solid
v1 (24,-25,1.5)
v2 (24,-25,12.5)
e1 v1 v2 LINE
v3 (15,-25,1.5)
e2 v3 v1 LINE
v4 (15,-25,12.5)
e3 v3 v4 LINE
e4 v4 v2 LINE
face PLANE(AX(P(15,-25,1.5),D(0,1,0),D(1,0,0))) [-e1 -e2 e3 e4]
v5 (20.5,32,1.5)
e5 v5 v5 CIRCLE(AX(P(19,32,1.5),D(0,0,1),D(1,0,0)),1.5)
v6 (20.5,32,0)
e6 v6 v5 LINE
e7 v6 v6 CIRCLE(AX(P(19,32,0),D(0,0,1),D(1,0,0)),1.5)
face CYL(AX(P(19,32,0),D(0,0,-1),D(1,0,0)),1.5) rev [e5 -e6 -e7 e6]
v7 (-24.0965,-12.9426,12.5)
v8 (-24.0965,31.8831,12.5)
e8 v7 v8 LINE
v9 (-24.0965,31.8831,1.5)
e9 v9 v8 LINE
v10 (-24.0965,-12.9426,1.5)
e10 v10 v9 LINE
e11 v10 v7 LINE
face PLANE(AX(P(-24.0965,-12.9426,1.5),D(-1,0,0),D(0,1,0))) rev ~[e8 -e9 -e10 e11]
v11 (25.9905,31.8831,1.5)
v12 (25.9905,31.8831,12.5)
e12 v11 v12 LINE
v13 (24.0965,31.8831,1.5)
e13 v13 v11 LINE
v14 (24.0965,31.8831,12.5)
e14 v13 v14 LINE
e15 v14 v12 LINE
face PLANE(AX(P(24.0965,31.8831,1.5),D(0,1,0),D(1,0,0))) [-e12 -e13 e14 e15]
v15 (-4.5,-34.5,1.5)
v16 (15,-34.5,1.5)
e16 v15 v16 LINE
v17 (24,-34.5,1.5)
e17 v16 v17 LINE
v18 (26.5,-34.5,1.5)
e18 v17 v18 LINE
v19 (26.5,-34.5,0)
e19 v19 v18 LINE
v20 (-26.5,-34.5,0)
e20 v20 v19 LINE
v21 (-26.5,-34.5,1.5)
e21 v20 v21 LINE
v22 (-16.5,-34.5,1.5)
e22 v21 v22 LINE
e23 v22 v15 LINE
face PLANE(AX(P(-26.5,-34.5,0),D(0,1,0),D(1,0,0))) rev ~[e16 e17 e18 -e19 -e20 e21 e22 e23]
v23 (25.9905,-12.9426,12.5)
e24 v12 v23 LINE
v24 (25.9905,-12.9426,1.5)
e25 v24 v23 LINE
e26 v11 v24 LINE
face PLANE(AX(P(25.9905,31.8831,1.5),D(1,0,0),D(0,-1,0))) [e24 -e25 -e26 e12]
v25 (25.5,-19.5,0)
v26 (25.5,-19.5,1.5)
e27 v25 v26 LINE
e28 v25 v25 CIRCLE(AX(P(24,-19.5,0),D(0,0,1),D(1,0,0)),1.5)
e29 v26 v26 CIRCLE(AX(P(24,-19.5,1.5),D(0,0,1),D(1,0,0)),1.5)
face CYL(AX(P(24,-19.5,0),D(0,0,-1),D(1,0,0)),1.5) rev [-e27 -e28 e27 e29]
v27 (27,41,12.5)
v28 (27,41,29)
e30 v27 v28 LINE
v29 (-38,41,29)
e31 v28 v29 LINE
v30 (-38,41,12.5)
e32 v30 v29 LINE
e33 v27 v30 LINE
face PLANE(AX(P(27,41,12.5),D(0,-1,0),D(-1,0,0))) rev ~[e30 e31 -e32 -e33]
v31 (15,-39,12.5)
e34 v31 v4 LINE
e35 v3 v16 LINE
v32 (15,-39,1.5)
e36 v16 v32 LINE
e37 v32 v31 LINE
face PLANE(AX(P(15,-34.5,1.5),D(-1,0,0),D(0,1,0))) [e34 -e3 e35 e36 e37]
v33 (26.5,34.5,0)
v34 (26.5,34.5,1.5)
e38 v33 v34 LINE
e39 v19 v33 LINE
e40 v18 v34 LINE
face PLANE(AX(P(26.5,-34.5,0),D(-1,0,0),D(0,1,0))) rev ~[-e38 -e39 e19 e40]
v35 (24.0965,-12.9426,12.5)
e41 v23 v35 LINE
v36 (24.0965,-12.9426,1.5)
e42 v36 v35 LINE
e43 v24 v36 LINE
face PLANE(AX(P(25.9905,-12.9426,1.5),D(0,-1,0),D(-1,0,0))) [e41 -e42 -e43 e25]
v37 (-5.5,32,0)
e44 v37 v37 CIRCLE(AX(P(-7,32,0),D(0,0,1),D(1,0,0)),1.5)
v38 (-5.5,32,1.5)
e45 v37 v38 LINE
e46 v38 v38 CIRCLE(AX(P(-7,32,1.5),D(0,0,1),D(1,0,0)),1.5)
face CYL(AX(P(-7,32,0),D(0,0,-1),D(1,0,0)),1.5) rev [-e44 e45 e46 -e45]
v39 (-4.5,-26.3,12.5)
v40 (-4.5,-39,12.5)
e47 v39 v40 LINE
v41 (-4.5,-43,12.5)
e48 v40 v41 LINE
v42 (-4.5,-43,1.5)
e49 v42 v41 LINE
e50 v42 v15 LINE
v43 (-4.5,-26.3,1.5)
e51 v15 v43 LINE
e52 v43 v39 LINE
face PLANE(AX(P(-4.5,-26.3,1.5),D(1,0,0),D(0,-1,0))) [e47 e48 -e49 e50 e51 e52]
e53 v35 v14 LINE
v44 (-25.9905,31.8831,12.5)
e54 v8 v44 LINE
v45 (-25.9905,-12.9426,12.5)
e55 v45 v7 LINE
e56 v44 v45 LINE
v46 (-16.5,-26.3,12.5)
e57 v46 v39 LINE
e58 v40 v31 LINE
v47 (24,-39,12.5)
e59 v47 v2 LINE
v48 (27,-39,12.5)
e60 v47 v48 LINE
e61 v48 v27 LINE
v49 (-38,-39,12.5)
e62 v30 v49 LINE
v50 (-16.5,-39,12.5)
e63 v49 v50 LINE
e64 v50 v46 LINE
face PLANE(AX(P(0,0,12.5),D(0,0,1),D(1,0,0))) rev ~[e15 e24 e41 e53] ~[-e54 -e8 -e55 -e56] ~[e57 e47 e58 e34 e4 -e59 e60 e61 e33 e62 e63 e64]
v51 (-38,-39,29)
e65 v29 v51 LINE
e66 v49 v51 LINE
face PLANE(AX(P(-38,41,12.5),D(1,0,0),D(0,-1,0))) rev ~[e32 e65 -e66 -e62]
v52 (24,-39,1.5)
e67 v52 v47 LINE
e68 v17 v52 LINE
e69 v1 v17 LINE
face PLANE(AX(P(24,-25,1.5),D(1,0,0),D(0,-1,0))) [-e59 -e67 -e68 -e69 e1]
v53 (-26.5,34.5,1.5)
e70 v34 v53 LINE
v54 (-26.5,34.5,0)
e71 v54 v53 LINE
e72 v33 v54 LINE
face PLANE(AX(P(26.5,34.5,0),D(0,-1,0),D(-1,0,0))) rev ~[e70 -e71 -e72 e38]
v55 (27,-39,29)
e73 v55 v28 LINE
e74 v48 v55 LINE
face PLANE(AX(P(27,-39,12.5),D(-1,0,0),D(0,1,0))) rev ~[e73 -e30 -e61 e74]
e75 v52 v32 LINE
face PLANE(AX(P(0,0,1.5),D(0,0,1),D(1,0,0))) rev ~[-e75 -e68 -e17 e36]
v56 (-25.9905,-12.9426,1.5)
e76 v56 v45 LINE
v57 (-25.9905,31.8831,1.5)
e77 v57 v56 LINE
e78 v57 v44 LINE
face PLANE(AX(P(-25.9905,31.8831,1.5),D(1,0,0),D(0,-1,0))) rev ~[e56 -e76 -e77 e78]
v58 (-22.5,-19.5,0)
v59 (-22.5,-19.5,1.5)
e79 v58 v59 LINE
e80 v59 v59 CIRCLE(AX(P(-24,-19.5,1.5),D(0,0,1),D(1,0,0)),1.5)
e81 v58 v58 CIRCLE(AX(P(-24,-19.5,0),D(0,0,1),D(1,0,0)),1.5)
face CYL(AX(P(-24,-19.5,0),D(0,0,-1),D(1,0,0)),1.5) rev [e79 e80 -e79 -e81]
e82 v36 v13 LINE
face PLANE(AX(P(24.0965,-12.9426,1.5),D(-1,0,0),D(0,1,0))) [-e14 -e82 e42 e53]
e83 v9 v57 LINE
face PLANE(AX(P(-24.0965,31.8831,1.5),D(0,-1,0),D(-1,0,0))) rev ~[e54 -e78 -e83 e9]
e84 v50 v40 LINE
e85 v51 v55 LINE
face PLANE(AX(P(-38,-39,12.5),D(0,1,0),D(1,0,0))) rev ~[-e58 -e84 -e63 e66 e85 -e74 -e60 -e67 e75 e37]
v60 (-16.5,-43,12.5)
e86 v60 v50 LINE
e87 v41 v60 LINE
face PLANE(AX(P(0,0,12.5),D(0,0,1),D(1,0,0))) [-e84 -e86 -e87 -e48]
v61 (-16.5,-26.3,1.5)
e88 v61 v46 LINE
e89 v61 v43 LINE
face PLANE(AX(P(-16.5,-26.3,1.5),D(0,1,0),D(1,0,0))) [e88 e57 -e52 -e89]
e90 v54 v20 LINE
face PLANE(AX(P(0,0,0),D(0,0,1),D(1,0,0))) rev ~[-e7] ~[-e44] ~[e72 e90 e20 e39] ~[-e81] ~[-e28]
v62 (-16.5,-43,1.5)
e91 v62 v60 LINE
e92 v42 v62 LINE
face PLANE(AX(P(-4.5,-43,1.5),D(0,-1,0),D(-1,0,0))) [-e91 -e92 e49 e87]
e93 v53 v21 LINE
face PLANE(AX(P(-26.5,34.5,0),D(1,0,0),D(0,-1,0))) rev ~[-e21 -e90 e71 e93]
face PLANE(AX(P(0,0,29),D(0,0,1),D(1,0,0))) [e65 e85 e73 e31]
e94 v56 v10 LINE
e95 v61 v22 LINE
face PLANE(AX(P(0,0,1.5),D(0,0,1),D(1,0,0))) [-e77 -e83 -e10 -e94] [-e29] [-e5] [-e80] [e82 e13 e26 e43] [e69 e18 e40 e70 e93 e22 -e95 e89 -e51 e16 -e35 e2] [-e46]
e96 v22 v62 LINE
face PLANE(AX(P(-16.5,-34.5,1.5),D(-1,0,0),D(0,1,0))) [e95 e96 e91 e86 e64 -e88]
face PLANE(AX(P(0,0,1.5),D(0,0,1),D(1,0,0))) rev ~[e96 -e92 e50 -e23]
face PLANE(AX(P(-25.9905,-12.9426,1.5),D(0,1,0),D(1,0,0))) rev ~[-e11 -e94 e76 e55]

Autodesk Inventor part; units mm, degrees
ref_plane "YZ Plane" through (0, 0, 0) normal (1, 0, 0) x (0, 1, 0)
ref_plane "XZ Plane" through (0, 0, 0) normal (0, 1, 0) x (-1, 0, 0)
ref_plane "XY Plane" through (0, 0, 0) normal (0, 0, 1) x (1, 0, 0)
sketch "스케치2" plane through (0, 0, 0) normal (0, 0, 1) x (1, 0, 0)
  line L0 (-26.5, -34.5) -> (26.5, -34.5)
  line L1 (26.5, -34.5) -> (26.5, 34.5)
  line L2 (26.5, 34.5) -> (-26.5, 34.5)
  line L3 (-26.5, 34.5) -> (-26.5, -34.5)
  line L4 (-26.5, -34.5) -> (26.5, 34.5) construction
  line L5 (26.5, -34.5) -> (-26.5, 34.5) construction
  circle A0 centre (19, 32) radius 1.5
  circle A1 centre (-7, 32) radius 1.5
  circle A2 centre (24, -19.5) radius 1.5
  circle A3 centre (-24, -19.5) radius 1.5
  point P0 (0, 0)
  dimension "d0" = 53
  dimension "d1" = 69
  dimension "d2" = 3
  dimension "d3" = 3
  dimension "d4" = 2.5
  dimension "d5" = 2.5
  dimension "d6" = 7.5
  dimension "d8" = 26
  dimension "d9" = 3
  dimension "d10" = 3
  dimension "d11" = 2.5
  dimension "d12" = 2.5
  dimension "d13" = 15
extrude "돌출1" add sketch "스케치2" along normal blind 1.5
sketch "스케치3" plane through (0, 0, 1.5) normal (0, 0, 1) x (1, 0, 0)
  line L0 (-16.5, -26.3) -> (-4.5, -26.3)
  line L1 (-4.5, -26.3) -> (-4.5, -43)
  line L2 (-4.5, -43) -> (-16.5, -43)
  line L3 (-16.5, -43) -> (-16.5, -26.3)
  line L4 (-16.5, -26.3) -> (-4.5, -43) construction
  line L5 (-4.5, -26.3) -> (-16.5, -43) construction
  line L6 (15, -25) -> (24, -25)
  line L7 (24, -25) -> (24, -39)
  line L8 (24, -39) -> (15, -39)
  line L9 (15, -39) -> (15, -25)
  line L10 (15, -25) -> (24, -39) construction
  line L11 (24, -25) -> (15, -39) construction
  line L12 (-26.5, -34.5) -> (26.5, -34.5) projected
  line L13 (26.5, -34.5) -> (26.5, 34.5) projected
  line L14 (-26.5, 34.5) -> (-26.5, -34.5) projected
  point P0 (0, 0)
  point P1 (-10.5, -34.65)
  point P2 (19.5, -32)
  dimension "d16" = 12
  dimension "d17" = 16.7
  dimension "d18" = 9
  dimension "d19" = 14
  dimension "d20" = 4.5
  dimension "d21" = 2.5
  dimension "d22" = 8.5
  dimension "d23" = 10
extrude "돌출2" add sketch "스케치3" along normal blind 11 contours L0 L1 L12 L3 | L12 L1 L2 L3
extrude "돌출3" add sketch "스케치3" along normal blind 11 contours L9 L6 L7 L12 | L12 L7 L8 L9
sketch "스케치4" plane through (0, 0, 1.5) normal (0, 0, 1) x (1, 0, 0)
  line L0 (-25.9905, -12.9426) -> (-24.0965, -12.9426)
  line L1 (-24.0965, -12.9426) -> (-24.0965, 31.8831)
  line L2 (-24.0965, 31.8831) -> (-25.9905, 31.8831)
  line L3 (-25.9905, 31.8831) -> (-25.9905, -12.9426)
  line L4 (-25.9905, -12.9426) -> (-24.0965, 31.8831) construction
  line L5 (-24.0965, -12.9426) -> (-25.9905, 31.8831) construction
  line L6 (0, 0) -> (0, 9.4702)
  line L7 (25.9905, -12.9426) -> (24.0965, -12.9426)
  line L8 (24.0965, -12.9426) -> (24.0965, 31.8831)
  line L9 (24.0965, 31.8831) -> (25.9905, 31.8831)
  line L10 (25.9905, 31.8831) -> (25.9905, -12.9426)
  line L11 (25.9905, -12.9426) -> (24.0965, 31.8831) construction
  line L12 (24.0965, -12.9426) -> (25.9905, 31.8831) construction
  point P0 (-25.0435, 9.4702)
  point P1 (25.0435, 9.4702)
extrude "돌출4" add sketch "스케치4" along normal blind 11
sketch "스케치5" plane through (0, 0, 12.5) normal (0, 0, 1) x (1, 0, 0)
  line L0 (-38, -39) -> (27, -39)
  line L1 (27, -39) -> (27, 41)
  line L2 (27, 41) -> (-38, 41)
  line L3 (-38, 41) -> (-38, -39)
  line L4 (-38, -39) -> (27, 41) construction
  line L5 (27, -39) -> (-38, 41) construction
  line L6 (26.5, -34.5) -> (26.5, 34.5) projected
  point P0 (0, 0)
  point P1 (-5.5, 1)
  point P2 (-38, 34.5)
  point P3 (24, -39)
  dimension "d30" = 80
  dimension "d31" = 65
  dimension "d34" = 0.5
extrude "돌출5" add sketch "스케치5" along normal blind 16.5
properties part number "스피커"
